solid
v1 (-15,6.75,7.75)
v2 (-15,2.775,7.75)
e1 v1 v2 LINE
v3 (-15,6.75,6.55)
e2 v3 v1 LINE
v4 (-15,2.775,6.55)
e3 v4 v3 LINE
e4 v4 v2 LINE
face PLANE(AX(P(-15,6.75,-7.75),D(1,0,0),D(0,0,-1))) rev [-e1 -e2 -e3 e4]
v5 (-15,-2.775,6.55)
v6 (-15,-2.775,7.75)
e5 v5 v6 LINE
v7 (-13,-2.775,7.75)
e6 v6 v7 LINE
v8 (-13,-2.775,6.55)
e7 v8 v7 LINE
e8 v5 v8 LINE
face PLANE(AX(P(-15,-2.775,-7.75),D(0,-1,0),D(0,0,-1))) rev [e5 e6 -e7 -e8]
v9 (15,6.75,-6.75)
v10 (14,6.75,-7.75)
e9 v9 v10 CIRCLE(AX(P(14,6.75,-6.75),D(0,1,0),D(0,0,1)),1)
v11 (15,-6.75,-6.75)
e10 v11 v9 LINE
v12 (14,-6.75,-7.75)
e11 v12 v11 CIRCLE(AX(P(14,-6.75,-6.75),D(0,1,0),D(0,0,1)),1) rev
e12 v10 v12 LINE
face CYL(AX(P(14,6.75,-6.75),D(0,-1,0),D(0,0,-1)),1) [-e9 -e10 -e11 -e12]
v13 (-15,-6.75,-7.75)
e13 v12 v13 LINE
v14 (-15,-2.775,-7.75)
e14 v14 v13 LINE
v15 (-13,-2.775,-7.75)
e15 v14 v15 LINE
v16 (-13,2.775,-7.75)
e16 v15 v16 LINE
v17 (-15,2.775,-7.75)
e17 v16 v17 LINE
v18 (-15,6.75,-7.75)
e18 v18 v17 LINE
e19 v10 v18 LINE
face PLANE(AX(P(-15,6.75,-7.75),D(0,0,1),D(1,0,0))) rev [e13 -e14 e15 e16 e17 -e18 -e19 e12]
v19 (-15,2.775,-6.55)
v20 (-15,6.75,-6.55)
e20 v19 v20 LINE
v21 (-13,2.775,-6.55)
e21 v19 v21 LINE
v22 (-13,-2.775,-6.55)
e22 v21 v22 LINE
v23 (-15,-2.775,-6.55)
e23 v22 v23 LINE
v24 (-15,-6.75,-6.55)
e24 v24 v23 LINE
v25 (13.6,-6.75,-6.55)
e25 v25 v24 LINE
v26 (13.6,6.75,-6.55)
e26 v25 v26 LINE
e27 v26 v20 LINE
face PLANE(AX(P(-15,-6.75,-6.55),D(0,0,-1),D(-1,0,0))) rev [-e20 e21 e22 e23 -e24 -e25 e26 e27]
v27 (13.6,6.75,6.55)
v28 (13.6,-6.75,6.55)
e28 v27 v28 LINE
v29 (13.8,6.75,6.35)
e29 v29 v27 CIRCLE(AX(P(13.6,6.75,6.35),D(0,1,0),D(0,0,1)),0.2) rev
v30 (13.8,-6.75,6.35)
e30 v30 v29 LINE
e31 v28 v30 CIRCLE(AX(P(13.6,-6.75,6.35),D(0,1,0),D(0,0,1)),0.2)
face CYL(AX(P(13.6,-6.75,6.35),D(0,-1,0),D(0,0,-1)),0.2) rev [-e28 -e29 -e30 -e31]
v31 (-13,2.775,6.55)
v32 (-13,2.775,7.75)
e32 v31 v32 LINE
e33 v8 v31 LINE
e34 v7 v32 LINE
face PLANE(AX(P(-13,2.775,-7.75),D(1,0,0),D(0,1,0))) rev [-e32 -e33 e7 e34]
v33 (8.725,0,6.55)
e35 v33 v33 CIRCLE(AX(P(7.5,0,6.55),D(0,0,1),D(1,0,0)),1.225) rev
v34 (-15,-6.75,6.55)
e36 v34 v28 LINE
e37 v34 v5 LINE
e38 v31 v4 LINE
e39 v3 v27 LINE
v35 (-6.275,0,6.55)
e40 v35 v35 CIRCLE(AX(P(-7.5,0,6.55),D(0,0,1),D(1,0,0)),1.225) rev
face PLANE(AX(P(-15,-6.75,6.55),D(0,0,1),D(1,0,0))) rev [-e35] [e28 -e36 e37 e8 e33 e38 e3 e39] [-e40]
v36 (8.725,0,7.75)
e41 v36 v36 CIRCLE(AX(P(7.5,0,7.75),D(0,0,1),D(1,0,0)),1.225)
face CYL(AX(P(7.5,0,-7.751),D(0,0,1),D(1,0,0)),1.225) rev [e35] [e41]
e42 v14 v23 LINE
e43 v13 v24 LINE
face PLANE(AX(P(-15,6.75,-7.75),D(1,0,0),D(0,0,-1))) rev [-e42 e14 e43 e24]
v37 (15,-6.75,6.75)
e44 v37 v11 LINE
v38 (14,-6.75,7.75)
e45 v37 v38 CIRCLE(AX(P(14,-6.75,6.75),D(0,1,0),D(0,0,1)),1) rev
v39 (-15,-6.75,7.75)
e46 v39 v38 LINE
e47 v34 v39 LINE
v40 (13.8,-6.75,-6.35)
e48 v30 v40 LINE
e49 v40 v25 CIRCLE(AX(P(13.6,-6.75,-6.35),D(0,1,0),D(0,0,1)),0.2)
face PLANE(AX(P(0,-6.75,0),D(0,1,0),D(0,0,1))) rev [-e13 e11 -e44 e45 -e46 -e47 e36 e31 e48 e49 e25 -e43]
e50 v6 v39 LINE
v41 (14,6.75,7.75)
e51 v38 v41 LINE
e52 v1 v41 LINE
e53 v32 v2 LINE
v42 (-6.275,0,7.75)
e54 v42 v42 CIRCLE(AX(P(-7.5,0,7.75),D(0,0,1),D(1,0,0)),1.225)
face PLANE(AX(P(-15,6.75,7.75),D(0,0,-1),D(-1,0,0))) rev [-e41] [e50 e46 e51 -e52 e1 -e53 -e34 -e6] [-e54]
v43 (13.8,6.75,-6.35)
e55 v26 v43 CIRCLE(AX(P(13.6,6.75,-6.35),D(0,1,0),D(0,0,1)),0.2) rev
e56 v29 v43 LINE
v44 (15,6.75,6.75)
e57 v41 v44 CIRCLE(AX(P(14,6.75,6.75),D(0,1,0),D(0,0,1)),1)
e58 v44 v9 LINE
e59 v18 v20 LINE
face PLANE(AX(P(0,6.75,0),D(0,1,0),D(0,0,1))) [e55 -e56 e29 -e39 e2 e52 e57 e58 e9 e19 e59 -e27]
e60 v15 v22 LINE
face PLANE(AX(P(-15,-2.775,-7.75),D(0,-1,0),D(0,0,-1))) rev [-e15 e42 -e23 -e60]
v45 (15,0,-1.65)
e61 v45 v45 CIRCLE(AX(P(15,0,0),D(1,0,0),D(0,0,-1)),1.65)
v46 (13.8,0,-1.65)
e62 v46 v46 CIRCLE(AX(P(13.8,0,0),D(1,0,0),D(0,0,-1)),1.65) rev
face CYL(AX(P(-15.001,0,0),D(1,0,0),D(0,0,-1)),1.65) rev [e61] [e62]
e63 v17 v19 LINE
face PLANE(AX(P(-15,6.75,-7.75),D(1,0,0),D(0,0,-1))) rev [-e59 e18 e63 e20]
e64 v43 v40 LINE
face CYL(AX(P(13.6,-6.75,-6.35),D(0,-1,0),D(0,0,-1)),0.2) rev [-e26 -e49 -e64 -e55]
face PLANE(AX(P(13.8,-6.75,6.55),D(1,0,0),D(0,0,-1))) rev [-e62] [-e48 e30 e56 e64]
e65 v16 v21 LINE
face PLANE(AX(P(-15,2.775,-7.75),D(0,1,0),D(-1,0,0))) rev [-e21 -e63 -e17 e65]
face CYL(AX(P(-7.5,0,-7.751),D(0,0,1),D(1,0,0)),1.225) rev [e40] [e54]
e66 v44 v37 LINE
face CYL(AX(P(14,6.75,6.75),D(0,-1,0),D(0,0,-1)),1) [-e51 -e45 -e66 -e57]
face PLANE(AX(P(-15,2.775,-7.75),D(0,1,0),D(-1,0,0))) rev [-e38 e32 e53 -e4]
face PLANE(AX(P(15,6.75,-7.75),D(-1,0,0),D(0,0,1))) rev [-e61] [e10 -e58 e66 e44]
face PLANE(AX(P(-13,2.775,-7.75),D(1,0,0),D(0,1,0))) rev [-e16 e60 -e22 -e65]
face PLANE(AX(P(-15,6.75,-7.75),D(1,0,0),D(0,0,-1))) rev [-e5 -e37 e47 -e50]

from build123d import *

# Parameters (mm, degrees)
CROQUIS1_W                 = 30
CROQUIS1_H                 = 15.5
SALIENTE_EXTRUIR1_DEPTH    = 6.75
CROQUIS2_W                 = 28.8
CROQUIS2_H                 = 13.1
CORTAR_EXTRUIR1_DEPTH      = 7.75
CORTAR_EXTRUIR1_DEPTH_BACK = 7.75
CORTAR_EXTRUIR2_REACH      = 32
CROQUIS3_R                 = 1.65
REDONDEO1_R                = 1
REDONDEO2_R                = 0.2
CROQUIS4_W                 = 2
CROQUIS4_H                 = 5.55
CORTAR_EXTRUIR3_DEPTH      = 8.75
CORTAR_EXTRUIR3_DEPTH_BACK = 8.75
CORTAR_EXTRUIR4_REACH      = 17.5
CROQUIS5_R                 = 1.225


with BuildPart() as part:
    # Croquis1 → Saliente-Extruir1 (new body, symmetric)
    with BuildSketch(Plane(origin=(0, 0, 0), x_dir=(1, 0, 0), z_dir=(0, 1, 0))):
        Rectangle(CROQUIS1_W, CROQUIS1_H)
    extrude(amount=SALIENTE_EXTRUIR1_DEPTH, both=True)

    # Croquis2 → Cortar-Extruir1 (cut, two sides)
    with BuildSketch(Plane(origin=(0, 0, 0), x_dir=(1, 0, 0), z_dir=(0, 1, 0))) as cortar_extruir1_sk:
        with Locations((-0.6, 0)):
            Rectangle(CROQUIS2_W, CROQUIS2_H)
    extrude(amount=CORTAR_EXTRUIR1_DEPTH, mode=Mode.SUBTRACT)
    extrude(cortar_extruir1_sk.sketch, amount=-CORTAR_EXTRUIR1_DEPTH_BACK, mode=Mode.SUBTRACT)

    # Croquis3 → Cortar-Extruir2 (cut, up to next)
    with BuildSketch(Plane(origin=(15, 0, 0), x_dir=(0, 0, -1), z_dir=(1, 0, 0)), mode=Mode.PRIVATE) as cortar_extruir2_sk1:
        Circle(CROQUIS3_R)
    cortar_extruir2_tool1 = extrude(cortar_extruir2_sk1.sketch, amount=-CORTAR_EXTRUIR2_REACH, mode=Mode.PRIVATE) & part.part
    add(cortar_extruir2_tool1.solids().sort_by_distance((15, 0, 0))[0], mode=Mode.SUBTRACT)

    # Redondeo1
    redondeo1_edges = [part.edges().sort_by_distance(p)[0] for p in [
        (15, 0, -7.75),
        (15, 0, 7.75),
    ]]
    fillet(redondeo1_edges, radius=REDONDEO1_R)

    # Redondeo2
    redondeo2_edges = [part.edges().sort_by_distance(p)[0] for p in [
        (13.8, 0, -6.55),
        (13.8, 0, 6.55),
    ]]
    fillet(redondeo2_edges, radius=REDONDEO2_R)

    # Croquis4 → Cortar-Extruir3 (cut, two sides)
    with BuildSketch(Plane.XY) as cortar_extruir3_sk:
        with Locations((-14, 0)):
            Rectangle(CROQUIS4_W, CROQUIS4_H)
    extrude(amount=CORTAR_EXTRUIR3_DEPTH, mode=Mode.SUBTRACT)
    extrude(cortar_extruir3_sk.sketch, amount=-CORTAR_EXTRUIR3_DEPTH_BACK, mode=Mode.SUBTRACT)

    # Croquis5 → Cortar-Extruir4 (cut, up to next)
    with BuildSketch(Plane.XY.offset(7.75), mode=Mode.PRIVATE) as cortar_extruir4_sk1:
        with Locations((-7.5, 0)):
            Circle(CROQUIS5_R)
    cortar_extruir4_tool1 = extrude(cortar_extruir4_sk1.sketch, amount=-CORTAR_EXTRUIR4_REACH, mode=Mode.PRIVATE) & part.part
    add(cortar_extruir4_tool1.solids().sort_by_distance((-7.5, 0, 7.75))[0], mode=Mode.SUBTRACT)
    # Croquis5 → Cortar-Extruir4 (cut, up to next)
    with BuildSketch(Plane.XY.offset(7.75), mode=Mode.PRIVATE) as cortar_extruir4_sk2:
        with Locations((7.5, 0)):
            Circle(CROQUIS5_R)
    cortar_extruir4_tool2 = extrude(cortar_extruir4_sk2.sketch, amount=-CORTAR_EXTRUIR4_REACH, mode=Mode.PRIVATE) & part.part
    add(cortar_extruir4_tool2.solids().sort_by_distance((7.5, 0, 7.75))[0], mode=Mode.SUBTRACT)


solid = part.part
